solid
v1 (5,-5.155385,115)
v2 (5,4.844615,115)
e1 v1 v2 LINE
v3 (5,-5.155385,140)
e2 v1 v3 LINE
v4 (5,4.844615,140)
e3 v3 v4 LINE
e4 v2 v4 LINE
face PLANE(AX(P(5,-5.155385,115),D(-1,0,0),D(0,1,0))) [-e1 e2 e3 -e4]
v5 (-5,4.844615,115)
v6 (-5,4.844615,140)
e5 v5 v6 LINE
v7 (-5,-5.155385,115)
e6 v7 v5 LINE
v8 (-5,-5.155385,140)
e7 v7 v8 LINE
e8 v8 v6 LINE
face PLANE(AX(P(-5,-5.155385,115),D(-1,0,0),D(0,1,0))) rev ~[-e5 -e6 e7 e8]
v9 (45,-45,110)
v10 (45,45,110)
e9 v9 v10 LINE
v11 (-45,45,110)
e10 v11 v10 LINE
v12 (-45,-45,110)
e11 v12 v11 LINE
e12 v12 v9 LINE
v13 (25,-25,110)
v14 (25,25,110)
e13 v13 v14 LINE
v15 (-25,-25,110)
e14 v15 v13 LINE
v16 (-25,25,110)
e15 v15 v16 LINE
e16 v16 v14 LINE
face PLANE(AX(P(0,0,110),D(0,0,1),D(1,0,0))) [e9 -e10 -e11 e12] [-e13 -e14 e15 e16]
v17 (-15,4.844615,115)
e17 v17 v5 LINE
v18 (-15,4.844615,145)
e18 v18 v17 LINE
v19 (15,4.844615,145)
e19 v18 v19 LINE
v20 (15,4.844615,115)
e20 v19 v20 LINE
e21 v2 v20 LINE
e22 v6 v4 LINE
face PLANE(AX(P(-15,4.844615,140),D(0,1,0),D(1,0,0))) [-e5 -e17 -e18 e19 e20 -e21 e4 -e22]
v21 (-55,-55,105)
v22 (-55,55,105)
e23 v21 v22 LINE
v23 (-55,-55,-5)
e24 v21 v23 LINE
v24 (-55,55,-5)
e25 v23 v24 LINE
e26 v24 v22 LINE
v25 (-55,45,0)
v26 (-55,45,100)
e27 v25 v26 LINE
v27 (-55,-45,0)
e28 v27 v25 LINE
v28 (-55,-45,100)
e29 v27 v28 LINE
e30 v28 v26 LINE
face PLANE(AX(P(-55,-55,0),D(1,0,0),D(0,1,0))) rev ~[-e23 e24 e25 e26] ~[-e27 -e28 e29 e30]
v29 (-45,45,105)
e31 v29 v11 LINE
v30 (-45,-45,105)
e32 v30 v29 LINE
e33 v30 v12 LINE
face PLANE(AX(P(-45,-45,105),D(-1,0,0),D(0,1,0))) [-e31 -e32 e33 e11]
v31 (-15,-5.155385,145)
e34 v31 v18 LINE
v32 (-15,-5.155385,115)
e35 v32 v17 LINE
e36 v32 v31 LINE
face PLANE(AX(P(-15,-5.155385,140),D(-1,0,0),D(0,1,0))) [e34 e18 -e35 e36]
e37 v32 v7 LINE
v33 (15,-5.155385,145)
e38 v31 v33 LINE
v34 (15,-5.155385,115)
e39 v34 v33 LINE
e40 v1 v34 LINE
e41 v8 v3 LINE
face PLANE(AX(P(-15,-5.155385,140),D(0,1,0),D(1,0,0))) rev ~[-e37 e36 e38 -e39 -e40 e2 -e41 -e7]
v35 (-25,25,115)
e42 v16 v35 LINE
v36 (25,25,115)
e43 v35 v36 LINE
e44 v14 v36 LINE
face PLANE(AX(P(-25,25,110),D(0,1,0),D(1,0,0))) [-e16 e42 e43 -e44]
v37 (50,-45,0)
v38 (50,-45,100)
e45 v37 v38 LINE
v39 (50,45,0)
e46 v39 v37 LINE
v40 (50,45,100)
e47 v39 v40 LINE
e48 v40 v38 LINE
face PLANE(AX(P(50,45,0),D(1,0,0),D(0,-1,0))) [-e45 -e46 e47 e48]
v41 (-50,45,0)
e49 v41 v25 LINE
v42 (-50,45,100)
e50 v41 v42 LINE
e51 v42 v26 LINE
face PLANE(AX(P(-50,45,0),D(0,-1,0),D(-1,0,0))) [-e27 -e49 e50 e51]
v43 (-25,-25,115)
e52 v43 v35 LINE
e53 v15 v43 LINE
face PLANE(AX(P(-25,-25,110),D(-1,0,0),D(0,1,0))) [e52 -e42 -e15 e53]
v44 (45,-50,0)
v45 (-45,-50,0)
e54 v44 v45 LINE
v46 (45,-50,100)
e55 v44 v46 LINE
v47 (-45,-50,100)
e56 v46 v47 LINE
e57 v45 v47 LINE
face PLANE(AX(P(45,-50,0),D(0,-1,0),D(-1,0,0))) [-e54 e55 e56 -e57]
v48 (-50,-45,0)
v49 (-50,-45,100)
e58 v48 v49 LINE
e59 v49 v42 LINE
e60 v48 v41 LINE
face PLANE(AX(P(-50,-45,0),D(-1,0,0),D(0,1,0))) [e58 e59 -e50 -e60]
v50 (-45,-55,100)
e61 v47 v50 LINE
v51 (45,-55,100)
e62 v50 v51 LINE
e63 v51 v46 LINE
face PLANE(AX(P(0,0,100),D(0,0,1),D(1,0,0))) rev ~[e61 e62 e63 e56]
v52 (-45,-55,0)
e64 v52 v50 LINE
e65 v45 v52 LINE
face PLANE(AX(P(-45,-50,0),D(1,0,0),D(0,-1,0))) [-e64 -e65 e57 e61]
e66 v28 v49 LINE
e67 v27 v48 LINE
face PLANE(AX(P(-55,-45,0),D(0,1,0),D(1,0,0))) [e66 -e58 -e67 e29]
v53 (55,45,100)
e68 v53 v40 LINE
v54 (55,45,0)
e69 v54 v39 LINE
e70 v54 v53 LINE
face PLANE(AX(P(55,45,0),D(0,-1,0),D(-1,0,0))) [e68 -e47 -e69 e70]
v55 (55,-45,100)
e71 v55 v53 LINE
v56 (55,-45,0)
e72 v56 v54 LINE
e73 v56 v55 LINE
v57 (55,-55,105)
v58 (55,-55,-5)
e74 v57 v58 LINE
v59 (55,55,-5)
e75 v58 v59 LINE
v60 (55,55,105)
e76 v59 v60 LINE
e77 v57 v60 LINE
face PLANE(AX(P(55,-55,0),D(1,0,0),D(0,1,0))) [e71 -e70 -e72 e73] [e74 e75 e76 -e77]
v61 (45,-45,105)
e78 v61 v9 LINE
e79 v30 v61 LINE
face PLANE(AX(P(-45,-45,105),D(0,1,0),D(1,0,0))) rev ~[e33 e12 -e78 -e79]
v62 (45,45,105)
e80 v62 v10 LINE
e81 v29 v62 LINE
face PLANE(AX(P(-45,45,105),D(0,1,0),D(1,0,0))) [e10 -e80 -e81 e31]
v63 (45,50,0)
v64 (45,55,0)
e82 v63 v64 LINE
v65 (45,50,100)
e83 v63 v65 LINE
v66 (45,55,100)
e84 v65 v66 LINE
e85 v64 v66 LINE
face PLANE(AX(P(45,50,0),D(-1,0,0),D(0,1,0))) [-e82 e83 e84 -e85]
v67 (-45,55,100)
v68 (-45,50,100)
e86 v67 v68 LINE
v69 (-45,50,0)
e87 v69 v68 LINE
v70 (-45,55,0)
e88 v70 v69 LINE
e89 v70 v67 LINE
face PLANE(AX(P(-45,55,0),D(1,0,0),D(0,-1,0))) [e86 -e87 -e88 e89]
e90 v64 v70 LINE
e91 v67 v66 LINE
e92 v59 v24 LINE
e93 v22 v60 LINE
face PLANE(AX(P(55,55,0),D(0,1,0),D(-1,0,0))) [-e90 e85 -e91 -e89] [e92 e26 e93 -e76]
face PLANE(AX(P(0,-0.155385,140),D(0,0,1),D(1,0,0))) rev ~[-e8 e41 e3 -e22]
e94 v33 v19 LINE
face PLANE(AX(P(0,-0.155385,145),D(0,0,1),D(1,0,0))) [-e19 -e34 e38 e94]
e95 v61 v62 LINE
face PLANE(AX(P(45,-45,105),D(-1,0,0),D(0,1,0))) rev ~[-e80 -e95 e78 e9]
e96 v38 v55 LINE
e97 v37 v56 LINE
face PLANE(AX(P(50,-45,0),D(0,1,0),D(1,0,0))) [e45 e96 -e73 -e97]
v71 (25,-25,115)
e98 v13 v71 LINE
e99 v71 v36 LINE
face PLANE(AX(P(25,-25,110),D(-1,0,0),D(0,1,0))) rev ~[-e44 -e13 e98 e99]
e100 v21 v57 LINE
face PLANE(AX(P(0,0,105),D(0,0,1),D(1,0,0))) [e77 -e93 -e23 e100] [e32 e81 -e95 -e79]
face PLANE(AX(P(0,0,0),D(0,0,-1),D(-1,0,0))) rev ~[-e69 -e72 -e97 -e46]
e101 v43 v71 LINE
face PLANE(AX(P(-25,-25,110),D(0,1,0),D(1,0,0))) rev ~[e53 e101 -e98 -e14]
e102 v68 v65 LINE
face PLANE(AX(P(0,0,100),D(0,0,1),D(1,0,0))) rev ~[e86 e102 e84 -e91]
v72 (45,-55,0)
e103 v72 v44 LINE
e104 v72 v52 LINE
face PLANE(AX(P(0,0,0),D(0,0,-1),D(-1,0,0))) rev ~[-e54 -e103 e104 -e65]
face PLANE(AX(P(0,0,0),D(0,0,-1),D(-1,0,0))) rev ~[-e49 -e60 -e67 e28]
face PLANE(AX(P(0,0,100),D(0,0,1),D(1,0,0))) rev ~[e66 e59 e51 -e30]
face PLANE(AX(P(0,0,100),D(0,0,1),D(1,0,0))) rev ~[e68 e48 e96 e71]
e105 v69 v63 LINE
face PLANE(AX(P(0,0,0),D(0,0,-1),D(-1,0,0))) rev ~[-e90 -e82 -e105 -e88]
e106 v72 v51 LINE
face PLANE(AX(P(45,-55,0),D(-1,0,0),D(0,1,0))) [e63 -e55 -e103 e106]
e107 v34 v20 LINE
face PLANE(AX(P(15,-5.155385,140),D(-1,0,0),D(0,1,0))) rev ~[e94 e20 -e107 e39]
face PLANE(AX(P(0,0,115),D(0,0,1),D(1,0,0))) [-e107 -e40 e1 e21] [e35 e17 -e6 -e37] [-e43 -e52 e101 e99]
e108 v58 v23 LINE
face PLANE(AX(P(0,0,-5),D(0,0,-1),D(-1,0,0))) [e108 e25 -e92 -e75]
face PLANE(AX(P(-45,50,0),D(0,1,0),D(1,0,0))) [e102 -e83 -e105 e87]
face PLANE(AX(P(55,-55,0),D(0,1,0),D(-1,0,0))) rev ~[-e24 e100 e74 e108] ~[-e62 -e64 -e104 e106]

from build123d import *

# Parameters (mm, degrees)
SALIENTE_EXTRUIR2_DEPTH = 100
CROQUIS2_W              = 110
CROQUIS2_H              = 110
SALIENTE_EXTRUIR3_DEPTH = 5
CROQUIS3_W              = 110
CROQUIS3_H              = 110
SALIENTE_EXTRUIR4_DEPTH = 5
CROQUIS4_W              = 90
CROQUIS4_H              = 90
SALIENTE_EXTRUIR5_DEPTH = 5
CROQUIS5_W              = 50
CROQUIS5_H              = 50
SALIENTE_EXTRUIR6_DEPTH = 5
CROQUIS6_W              = 10
CROQUIS6_H              = 10
SALIENTE_EXTRUIR7_DEPTH = 25
CROQUIS7_W              = 30
CROQUIS7_H              = 10
SALIENTE_EXTRUIR8_DEPTH = 5


with BuildPart() as part:
    # Croquis1 → Saliente-Extruir2 (new body)
    with BuildSketch(Plane.XY):
        Polygon((-45, 50), (45, 50), (45, 55), (55, 55), (55, 45), (50, 45), (50, -45), (55, -45), (55, -55), (45, -55), (45, -50), (-45, -50), (-45, -55), (-55, -55), (-55, -45), (-50, -45), (-50, 45), (-55, 45), (-55, 55), (-45, 55), align=None)
    extrude(amount=SALIENTE_EXTRUIR2_DEPTH)

    # Croquis2 → Saliente-Extruir3 (add)
    with BuildSketch(Plane.XY.offset(100)):
        Rectangle(CROQUIS2_W, CROQUIS2_H)
    extrude(amount=SALIENTE_EXTRUIR3_DEPTH)

    # Croquis3 → Saliente-Extruir4 (add)
    with BuildSketch(Plane(origin=(0, 0, 0), x_dir=(-1, 0, 0), z_dir=(0, 0, -1))):
        Rectangle(CROQUIS3_W, CROQUIS3_H)
    extrude(amount=SALIENTE_EXTRUIR4_DEPTH)

    # Croquis4 → Saliente-Extruir5 (add)
    with BuildSketch(Plane.XY.offset(105)):
        Rectangle(CROQUIS4_W, CROQUIS4_H)
    extrude(amount=SALIENTE_EXTRUIR5_DEPTH)

    # Croquis5 → Saliente-Extruir6 (add)
    with BuildSketch(Plane.XY.offset(110)):
        Rectangle(CROQUIS5_W, CROQUIS5_H)
    extrude(amount=SALIENTE_EXTRUIR6_DEPTH)

    # Croquis6 → Saliente-Extruir7 (add)
    with BuildSketch(Plane.XY.offset(115)):
        with Locations((-10, -0.15538451)):
            Rectangle(CROQUIS6_W, CROQUIS6_H)
        with Locations((10, -0.15538451)):
            Rectangle(CROQUIS6_W, CROQUIS6_H)
    extrude(amount=SALIENTE_EXTRUIR7_DEPTH)

    # Croquis7 → Saliente-Extruir8 (add)
    with BuildSketch(Plane.XY.offset(140)):
        with Locations((0, -0.15538451)):
            Rectangle(CROQUIS7_W, CROQUIS7_H)
    extrude(amount=SALIENTE_EXTRUIR8_DEPTH)


solid = part.part
